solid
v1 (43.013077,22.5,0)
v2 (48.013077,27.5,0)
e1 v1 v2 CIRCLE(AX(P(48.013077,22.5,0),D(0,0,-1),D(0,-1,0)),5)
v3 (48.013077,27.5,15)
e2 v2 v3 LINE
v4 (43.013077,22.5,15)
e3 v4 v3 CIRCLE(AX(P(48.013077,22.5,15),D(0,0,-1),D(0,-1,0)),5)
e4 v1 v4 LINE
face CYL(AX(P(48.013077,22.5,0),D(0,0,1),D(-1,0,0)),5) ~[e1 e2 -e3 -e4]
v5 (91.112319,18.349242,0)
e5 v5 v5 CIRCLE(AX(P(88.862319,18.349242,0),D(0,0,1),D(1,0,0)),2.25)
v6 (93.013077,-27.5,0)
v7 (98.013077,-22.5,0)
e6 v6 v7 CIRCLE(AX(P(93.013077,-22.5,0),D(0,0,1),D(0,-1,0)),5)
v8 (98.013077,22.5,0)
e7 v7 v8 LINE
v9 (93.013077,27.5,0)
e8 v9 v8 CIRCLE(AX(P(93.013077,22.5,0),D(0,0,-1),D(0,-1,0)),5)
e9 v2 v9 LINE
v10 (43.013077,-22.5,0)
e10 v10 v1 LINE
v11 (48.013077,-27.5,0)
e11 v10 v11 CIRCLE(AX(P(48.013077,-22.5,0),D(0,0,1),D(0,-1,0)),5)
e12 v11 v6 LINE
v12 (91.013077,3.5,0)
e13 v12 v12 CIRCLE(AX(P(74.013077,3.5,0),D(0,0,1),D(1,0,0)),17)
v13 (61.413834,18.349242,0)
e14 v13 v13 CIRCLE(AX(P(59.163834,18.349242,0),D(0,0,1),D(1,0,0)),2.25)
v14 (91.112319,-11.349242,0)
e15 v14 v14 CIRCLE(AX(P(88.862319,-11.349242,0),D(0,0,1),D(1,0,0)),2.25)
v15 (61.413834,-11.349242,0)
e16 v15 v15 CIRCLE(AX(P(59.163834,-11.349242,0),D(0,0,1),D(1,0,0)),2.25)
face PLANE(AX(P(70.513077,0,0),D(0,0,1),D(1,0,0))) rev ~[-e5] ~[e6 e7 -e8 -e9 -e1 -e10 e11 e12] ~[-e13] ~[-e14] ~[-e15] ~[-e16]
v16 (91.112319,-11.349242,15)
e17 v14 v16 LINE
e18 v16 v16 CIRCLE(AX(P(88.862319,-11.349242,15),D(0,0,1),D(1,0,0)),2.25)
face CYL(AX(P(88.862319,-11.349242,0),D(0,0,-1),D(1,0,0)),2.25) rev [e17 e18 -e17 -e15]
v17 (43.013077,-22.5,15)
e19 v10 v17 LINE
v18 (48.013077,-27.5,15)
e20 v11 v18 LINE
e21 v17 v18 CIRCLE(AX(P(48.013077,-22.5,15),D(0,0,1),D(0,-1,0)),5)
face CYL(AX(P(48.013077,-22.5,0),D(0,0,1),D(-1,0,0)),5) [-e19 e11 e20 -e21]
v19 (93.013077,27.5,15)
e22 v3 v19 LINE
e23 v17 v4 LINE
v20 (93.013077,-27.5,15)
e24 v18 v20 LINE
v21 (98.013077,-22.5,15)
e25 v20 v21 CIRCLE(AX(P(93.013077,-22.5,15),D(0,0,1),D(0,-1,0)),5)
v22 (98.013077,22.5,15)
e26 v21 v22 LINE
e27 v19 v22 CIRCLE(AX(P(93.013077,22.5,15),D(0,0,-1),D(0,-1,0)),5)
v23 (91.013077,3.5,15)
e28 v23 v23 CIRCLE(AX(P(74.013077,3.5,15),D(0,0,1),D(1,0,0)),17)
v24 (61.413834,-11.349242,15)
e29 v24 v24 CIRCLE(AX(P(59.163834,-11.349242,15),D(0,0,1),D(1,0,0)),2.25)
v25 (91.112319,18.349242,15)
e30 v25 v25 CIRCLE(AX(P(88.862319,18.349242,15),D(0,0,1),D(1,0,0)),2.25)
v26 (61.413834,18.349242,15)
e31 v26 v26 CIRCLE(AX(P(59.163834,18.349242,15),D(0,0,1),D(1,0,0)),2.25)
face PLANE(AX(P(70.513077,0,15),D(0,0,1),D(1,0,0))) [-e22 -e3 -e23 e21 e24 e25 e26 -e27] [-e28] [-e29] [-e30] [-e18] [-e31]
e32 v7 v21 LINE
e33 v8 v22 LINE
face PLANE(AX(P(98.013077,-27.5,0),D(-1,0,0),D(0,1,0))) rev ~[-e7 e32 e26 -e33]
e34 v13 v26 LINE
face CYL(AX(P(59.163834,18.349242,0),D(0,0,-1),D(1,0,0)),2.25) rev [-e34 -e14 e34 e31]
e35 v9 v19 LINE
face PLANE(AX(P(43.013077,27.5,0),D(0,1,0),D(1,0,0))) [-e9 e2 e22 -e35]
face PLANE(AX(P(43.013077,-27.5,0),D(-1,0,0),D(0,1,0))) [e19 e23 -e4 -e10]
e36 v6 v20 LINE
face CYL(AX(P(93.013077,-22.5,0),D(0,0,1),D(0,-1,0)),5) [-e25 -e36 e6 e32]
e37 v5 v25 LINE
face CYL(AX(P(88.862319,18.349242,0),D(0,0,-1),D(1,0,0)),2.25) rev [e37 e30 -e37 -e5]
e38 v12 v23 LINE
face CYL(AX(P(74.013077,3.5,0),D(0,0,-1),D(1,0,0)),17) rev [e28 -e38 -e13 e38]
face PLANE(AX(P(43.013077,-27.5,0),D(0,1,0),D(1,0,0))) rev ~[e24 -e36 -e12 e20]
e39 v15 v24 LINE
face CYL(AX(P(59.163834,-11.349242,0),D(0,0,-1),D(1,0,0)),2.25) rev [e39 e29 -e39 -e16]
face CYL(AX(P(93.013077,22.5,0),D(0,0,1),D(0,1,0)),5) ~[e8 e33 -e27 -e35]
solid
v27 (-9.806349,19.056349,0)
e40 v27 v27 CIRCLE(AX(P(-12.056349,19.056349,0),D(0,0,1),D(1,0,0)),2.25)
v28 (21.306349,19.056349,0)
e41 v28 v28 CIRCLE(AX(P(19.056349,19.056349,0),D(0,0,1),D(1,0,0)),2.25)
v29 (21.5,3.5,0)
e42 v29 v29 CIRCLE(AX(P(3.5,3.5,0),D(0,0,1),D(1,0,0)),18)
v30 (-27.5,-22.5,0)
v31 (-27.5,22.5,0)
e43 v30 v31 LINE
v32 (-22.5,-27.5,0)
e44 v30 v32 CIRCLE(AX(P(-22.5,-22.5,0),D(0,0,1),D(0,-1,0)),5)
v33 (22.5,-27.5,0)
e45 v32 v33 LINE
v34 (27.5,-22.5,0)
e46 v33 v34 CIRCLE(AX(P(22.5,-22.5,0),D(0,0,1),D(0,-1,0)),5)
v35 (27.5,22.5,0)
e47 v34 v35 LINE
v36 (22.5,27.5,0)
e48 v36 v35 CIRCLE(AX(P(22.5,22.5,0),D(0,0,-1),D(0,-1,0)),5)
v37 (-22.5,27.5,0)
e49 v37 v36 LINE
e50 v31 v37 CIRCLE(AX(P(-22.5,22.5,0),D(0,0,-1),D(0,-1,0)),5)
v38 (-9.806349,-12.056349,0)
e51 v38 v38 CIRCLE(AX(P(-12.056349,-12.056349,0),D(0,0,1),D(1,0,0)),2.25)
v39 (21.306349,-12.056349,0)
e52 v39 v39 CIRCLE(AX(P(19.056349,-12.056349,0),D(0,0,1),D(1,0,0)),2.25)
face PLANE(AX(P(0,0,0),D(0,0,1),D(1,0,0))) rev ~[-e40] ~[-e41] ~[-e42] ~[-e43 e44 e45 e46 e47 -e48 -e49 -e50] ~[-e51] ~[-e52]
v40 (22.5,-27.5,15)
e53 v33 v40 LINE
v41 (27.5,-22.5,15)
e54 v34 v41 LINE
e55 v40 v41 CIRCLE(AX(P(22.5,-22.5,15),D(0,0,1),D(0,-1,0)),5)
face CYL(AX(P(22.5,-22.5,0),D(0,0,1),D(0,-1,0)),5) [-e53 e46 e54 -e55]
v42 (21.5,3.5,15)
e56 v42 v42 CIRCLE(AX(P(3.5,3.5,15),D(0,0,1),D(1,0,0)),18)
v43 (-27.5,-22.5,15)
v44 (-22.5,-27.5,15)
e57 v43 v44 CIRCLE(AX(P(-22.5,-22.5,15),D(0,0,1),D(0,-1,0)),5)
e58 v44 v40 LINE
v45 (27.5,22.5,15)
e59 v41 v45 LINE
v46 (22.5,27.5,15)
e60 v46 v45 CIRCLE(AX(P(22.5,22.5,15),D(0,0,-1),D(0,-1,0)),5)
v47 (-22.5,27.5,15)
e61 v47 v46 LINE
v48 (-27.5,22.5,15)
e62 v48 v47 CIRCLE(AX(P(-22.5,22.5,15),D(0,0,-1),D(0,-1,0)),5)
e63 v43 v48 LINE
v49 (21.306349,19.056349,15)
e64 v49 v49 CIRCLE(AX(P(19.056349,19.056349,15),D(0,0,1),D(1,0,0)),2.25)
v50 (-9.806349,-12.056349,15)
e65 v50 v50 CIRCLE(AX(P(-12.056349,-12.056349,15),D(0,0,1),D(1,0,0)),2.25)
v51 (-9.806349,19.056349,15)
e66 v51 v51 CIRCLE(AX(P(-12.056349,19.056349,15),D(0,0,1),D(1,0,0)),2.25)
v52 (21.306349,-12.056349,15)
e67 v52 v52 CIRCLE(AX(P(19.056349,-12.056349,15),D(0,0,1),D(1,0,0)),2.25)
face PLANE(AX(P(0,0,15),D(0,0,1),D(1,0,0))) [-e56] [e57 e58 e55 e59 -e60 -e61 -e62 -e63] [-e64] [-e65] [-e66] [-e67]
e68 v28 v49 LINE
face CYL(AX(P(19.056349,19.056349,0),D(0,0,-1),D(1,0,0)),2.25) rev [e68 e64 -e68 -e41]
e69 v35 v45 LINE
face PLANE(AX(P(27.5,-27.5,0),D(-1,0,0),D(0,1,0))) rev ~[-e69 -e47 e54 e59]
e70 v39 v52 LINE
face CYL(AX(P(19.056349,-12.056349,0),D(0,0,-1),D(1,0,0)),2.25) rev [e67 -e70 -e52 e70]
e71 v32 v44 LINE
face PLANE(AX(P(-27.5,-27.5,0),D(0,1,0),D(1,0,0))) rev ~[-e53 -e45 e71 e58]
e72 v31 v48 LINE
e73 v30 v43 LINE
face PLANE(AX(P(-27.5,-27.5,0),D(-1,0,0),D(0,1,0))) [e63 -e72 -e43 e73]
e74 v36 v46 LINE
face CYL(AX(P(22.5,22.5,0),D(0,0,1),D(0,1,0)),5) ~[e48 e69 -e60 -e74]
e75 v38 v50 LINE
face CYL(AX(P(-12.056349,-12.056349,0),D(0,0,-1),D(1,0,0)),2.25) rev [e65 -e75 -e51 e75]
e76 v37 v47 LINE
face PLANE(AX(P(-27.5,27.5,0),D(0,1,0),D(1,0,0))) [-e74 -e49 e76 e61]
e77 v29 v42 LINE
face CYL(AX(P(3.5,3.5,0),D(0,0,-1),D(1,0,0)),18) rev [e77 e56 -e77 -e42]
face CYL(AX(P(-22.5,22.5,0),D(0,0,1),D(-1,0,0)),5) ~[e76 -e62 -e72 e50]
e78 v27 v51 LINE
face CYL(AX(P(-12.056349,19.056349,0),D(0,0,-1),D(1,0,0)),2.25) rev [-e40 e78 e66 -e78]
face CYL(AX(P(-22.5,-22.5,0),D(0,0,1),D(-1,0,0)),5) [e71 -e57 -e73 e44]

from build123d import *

# Parameters (mm, degrees)
F0_W     = 55
F0_H     = 55
F0_R     = 2.25
F0_R_2   = 18
F1_W     = 55
F1_H     = 55
F1_R     = 2.25
F1_R_2   = 17
F2_DEPTH = 15
F3_R     = 5


with BuildPart() as f2:
    # F0 (on Top) + F1 (on Top) → F2 (new body)
    with BuildSketch(Plane.XY):
        Rectangle(F0_W, F0_H)
        with Locations((-12.056349, -12.056349)):
            Circle(F0_R, mode=Mode.SUBTRACT)
        with Locations((19.056349, -12.056349)):
            Circle(F0_R, mode=Mode.SUBTRACT)
        with Locations((-12.056349, 19.056349)):
            Circle(F0_R, mode=Mode.SUBTRACT)
        with Locations((3.5, 3.5)):
            Circle(F0_R_2, mode=Mode.SUBTRACT)
        with Locations((19.056349, 19.056349)):
            Circle(F0_R, mode=Mode.SUBTRACT)
    with BuildSketch(Plane.XY):
        with Locations((70.513077, 0)):
            Rectangle(F1_W, F1_H)
        with Locations((59.163834, -11.349242)):
            Circle(F1_R, mode=Mode.SUBTRACT)
        with Locations((88.862319, -11.349242)):
            Circle(F1_R, mode=Mode.SUBTRACT)
        with Locations((59.163834, 18.349242)):
            Circle(F1_R, mode=Mode.SUBTRACT)
        with Locations((74.013077, 3.5)):
            Circle(F1_R_2, mode=Mode.SUBTRACT)
        with Locations((88.862319, 18.349242)):
            Circle(F1_R, mode=Mode.SUBTRACT)
    extrude(amount=F2_DEPTH)

    # F3
    f3_edges = [f2.edges().sort_by_distance(p)[0] for p in [
        (-27.5, -27.5, 7.5),
        (27.5, -27.5, 7.5),
        (27.5, 27.5, 7.5),
        (-27.5, 27.5, 7.5),
        (43.013077, 27.5, 7.5),
        (98.013077, 27.5, 7.5),
        (43.013077, -27.5, 7.5),
        (98.013077, -27.5, 7.5),
    ]]
    fillet(f3_edges, radius=F3_R)


solid = f2.part
